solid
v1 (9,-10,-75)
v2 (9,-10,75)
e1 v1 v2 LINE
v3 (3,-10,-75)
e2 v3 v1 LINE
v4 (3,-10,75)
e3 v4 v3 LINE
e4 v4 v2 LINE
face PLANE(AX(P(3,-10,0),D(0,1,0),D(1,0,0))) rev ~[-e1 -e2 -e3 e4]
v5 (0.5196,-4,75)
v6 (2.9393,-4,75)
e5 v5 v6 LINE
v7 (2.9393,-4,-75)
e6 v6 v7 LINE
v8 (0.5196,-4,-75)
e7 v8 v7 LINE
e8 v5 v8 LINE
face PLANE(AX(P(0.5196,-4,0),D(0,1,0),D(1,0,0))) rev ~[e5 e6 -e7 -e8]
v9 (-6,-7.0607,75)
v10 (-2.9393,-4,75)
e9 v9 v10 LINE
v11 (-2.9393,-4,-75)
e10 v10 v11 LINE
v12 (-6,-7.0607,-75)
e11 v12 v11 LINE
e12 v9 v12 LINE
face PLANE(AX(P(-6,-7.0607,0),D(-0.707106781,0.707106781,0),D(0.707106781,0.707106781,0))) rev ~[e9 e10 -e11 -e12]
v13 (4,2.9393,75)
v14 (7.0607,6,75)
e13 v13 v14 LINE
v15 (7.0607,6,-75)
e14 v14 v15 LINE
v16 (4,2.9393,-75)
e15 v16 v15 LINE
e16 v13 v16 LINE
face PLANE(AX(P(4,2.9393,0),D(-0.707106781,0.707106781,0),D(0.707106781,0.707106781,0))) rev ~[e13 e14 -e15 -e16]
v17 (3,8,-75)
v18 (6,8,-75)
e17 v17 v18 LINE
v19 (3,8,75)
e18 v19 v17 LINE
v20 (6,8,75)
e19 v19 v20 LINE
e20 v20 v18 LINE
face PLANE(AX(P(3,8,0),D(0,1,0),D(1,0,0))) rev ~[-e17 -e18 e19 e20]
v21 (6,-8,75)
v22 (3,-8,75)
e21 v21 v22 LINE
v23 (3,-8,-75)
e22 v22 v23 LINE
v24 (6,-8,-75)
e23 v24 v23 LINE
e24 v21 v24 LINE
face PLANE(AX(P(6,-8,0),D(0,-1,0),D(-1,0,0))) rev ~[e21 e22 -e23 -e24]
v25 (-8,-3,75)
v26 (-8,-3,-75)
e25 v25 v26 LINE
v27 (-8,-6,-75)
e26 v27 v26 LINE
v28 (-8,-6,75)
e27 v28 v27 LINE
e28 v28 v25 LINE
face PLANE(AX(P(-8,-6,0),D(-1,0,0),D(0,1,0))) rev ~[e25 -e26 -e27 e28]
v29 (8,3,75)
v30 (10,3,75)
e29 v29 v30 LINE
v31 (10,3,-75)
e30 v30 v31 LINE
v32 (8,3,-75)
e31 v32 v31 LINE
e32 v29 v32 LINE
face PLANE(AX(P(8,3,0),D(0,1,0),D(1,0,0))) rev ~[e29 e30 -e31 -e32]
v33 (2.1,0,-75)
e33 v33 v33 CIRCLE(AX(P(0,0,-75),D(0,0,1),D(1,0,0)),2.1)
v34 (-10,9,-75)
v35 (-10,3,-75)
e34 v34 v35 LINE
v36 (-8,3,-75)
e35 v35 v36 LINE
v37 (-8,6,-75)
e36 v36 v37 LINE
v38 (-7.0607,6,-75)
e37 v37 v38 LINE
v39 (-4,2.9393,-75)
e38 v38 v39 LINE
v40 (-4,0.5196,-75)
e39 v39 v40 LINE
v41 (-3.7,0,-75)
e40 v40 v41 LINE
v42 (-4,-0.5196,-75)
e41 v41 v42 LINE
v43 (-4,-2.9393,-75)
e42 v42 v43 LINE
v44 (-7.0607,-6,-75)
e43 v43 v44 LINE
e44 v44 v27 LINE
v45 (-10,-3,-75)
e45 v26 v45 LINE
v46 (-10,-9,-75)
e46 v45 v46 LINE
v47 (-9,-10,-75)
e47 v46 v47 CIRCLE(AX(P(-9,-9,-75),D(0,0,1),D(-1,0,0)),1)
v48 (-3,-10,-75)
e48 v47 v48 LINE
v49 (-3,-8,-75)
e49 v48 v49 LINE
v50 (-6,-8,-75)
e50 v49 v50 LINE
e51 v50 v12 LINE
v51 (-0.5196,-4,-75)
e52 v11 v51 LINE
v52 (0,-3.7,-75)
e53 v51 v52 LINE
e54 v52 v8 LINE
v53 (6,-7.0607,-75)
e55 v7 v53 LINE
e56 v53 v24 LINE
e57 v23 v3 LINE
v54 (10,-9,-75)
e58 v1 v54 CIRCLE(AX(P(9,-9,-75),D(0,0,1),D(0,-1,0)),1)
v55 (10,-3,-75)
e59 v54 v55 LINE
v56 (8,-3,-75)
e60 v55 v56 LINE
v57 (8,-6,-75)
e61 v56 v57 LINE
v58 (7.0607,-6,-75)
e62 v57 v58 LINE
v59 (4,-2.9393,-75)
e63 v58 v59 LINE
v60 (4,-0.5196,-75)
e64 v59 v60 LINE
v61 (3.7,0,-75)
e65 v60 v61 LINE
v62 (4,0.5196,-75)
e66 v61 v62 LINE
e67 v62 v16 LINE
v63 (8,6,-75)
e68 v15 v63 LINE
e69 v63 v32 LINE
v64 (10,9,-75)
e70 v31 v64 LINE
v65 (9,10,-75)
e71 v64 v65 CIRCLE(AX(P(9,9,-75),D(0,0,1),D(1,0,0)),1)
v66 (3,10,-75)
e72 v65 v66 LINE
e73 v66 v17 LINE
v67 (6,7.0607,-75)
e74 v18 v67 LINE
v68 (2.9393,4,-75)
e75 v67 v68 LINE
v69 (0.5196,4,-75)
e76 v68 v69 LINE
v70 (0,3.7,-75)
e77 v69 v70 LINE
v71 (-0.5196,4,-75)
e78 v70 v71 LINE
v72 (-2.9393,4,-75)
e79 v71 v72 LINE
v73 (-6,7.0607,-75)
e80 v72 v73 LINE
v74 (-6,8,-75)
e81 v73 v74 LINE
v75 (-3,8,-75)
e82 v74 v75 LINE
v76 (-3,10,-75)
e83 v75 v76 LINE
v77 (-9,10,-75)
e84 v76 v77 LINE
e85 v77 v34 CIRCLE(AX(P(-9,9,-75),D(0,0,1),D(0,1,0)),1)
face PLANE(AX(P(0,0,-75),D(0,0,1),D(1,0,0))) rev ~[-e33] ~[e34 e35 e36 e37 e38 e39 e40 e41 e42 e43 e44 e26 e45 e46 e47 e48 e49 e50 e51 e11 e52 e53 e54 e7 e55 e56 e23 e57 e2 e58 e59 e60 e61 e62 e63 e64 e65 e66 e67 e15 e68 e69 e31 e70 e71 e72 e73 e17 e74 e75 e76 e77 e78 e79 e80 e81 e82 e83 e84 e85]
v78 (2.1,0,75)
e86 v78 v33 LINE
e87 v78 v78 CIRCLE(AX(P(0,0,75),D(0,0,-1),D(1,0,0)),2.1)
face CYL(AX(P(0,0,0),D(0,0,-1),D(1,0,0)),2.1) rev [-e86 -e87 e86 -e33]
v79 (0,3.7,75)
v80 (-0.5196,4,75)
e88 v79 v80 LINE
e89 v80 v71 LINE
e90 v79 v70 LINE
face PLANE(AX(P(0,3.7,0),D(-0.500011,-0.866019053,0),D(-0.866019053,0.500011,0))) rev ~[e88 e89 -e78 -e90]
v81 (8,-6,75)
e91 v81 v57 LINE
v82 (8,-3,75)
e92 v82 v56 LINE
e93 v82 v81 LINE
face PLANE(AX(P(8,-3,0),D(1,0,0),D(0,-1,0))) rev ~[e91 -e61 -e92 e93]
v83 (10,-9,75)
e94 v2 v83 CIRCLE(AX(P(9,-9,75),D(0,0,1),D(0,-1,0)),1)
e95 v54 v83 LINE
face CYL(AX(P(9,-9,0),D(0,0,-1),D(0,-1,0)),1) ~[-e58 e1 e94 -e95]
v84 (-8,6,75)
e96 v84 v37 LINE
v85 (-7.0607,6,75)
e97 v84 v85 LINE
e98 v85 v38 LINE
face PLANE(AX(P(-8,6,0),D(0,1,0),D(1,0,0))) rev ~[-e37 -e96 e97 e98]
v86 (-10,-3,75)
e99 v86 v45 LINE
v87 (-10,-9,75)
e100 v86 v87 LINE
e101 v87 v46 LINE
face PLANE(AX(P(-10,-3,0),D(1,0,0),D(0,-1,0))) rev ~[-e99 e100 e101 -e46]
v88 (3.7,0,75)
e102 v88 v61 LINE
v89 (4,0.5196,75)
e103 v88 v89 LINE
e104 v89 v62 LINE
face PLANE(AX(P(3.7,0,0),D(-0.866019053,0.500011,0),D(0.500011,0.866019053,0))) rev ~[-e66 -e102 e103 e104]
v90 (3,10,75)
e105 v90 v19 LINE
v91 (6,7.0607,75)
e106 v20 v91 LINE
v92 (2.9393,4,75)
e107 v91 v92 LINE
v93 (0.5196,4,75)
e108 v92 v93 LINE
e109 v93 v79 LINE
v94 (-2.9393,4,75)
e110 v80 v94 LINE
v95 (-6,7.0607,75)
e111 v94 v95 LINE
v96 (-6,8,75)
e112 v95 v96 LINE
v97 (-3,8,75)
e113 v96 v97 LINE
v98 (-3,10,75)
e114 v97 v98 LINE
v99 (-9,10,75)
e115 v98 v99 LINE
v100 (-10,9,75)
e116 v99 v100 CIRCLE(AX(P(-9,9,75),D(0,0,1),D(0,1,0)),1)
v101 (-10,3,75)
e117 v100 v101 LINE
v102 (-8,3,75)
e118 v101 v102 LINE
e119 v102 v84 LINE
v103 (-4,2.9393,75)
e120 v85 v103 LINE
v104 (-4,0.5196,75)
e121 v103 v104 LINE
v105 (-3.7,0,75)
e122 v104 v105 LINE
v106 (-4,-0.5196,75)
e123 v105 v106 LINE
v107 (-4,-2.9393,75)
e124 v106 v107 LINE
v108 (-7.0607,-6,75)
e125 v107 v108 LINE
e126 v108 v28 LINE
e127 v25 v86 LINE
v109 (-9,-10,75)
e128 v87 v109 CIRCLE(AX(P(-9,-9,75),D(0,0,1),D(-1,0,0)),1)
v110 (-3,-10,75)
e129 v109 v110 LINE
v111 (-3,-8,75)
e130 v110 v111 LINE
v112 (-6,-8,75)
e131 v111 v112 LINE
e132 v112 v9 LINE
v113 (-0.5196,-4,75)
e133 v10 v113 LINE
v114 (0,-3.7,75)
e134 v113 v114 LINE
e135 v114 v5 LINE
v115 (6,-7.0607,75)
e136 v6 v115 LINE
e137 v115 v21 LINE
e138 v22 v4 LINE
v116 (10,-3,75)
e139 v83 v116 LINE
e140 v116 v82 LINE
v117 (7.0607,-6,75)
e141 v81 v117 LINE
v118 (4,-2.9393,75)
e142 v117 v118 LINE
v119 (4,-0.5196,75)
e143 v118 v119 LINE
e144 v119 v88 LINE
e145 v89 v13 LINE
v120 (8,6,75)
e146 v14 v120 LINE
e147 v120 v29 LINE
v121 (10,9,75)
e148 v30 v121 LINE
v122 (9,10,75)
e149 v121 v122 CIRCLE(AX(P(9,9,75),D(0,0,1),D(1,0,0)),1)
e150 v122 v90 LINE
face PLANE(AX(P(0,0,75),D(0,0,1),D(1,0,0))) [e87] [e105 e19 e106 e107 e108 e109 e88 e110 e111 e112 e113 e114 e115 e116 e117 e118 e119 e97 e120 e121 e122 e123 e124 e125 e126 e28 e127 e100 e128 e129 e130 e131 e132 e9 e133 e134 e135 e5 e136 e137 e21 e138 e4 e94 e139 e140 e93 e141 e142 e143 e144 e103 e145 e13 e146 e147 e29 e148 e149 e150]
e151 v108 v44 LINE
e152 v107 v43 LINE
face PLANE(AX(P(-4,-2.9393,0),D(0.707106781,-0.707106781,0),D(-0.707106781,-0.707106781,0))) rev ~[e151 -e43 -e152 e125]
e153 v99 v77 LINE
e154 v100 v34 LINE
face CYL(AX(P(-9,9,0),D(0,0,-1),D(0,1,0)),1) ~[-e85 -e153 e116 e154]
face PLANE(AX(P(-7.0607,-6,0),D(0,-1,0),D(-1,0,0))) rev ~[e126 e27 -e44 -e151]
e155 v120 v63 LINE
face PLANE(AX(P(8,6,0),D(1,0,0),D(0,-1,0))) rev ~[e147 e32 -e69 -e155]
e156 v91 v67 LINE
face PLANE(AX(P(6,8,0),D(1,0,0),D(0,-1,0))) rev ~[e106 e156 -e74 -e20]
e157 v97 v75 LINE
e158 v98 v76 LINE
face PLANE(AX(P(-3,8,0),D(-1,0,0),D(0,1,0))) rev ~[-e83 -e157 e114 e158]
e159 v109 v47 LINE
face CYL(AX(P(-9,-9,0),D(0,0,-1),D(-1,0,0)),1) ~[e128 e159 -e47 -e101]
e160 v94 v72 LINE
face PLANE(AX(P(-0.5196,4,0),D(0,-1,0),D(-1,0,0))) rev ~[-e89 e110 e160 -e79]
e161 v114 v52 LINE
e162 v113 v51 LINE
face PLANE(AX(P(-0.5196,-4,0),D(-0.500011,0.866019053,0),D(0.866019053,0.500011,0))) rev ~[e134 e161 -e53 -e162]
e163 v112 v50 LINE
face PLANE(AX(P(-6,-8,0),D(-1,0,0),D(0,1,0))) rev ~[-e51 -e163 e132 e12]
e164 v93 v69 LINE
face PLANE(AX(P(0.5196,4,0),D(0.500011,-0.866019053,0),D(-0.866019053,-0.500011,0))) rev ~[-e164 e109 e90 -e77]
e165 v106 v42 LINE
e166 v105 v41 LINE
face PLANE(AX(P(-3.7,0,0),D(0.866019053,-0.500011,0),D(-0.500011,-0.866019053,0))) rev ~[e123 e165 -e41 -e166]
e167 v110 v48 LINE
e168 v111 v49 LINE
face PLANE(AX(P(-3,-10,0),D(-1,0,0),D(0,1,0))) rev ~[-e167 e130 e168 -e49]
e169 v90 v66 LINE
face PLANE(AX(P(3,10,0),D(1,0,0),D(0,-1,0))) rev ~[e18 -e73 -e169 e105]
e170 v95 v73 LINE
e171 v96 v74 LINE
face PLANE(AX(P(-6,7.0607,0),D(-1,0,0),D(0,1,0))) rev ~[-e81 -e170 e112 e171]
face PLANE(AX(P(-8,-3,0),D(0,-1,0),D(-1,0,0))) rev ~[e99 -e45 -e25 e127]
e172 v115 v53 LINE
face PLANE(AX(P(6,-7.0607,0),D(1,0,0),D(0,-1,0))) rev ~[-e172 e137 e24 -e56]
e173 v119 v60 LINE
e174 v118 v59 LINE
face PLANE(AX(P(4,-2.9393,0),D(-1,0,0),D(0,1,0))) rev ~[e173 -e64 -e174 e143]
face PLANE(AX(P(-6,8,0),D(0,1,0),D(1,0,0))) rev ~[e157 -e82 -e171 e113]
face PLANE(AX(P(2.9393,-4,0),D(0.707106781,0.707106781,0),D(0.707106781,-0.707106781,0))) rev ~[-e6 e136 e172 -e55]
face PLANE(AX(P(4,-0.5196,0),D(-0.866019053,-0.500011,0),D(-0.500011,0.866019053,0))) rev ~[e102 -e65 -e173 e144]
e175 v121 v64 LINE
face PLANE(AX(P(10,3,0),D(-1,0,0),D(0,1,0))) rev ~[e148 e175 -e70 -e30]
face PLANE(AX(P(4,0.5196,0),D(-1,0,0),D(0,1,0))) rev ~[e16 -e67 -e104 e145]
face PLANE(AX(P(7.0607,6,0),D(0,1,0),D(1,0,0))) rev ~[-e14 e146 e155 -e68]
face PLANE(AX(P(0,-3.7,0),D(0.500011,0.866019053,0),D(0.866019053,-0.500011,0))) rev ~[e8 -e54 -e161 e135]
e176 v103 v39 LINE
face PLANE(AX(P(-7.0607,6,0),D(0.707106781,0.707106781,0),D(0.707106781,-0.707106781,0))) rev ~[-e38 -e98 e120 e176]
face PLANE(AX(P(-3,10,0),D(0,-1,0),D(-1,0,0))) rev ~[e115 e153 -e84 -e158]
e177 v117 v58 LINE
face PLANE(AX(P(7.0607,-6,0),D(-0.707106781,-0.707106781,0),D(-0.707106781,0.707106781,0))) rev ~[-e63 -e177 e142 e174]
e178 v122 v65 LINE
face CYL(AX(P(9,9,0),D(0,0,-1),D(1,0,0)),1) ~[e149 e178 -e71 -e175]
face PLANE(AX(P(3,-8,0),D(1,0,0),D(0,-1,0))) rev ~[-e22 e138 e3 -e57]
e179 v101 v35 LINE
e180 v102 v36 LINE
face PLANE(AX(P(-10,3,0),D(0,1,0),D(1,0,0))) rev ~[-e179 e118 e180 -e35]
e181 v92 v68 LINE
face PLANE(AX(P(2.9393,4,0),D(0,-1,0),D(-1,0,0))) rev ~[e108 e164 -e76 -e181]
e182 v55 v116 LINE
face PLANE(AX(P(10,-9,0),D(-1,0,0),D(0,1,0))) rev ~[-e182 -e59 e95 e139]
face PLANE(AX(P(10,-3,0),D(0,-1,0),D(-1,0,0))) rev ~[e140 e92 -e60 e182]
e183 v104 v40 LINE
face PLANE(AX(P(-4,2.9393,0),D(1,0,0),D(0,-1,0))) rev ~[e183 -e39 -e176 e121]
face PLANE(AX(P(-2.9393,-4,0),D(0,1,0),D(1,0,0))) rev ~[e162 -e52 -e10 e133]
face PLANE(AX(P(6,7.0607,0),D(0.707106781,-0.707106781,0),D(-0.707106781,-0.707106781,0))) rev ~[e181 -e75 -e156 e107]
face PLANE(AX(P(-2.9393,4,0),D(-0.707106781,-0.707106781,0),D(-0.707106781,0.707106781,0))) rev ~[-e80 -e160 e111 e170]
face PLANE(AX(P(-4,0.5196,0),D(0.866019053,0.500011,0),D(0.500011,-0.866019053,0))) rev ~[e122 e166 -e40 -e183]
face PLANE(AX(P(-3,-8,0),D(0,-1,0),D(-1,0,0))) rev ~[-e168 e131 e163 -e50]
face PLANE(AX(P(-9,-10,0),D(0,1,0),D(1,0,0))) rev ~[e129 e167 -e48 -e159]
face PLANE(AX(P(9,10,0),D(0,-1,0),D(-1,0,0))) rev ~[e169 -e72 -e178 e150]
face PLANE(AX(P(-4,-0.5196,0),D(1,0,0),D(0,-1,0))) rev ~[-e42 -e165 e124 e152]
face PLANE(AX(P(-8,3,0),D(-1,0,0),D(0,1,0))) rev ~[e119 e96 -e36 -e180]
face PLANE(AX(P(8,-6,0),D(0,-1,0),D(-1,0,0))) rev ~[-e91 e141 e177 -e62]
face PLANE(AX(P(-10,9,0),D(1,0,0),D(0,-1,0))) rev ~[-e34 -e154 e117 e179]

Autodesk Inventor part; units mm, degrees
ref_plane "YZ Plane" through (0, 0, 0) normal (1, 0, 0) x (0, 1, 0)
ref_plane "XZ Plane" through (0, 0, 0) normal (0, 1, 0) x (-1, 0, 0)
ref_plane "XY Plane" through (0, 0, 0) normal (0, 0, 1) x (1, 0, 0)
sketch "Sketch1" plane through (0, 0, 0) normal (0, 0, 1) x (1, 0, 0)
  line L0 (-2.205, 0) -> (2.205, 0)
  line L1 (0, -2.205) -> (0, 2.205)
  arc A0 (9, -10) -> (10, -9) centre (9, -9) ccw
  line L2 (-10, 9) -> (-10, 3)
  line L3 (-10, 3) -> (-8, 3)
  line L4 (-8, 3) -> (-8, 6)
  line L5 (-8, 6) -> (-7.0607, 6)
  line L6 (-7.0607, 6) -> (-4, 2.9393)
  line L7 (-4, 2.9393) -> (-4, 0.5196)
  line L8 (-4, 0.5196) -> (-3.7, 0)
  line L9 (-3.7, 0) -> (-4, -0.5196)
  line L10 (-4, -0.5196) -> (-4, -2.9393)
  line L11 (-4, -2.9393) -> (-7.0607, -6)
  line L12 (-7.0607, -6) -> (-8, -6)
  line L13 (-8, -6) -> (-8, -3)
  line L14 (-8, -3) -> (-10, -3)
  line L15 (-10, -3) -> (-10, -9)
  arc A1 (-10, -9) -> (-9, -10) centre (-9, -9) ccw
  line L16 (-9, -10) -> (-3, -10)
  line L17 (-3, -10) -> (-3, -8)
  line L18 (-3, -8) -> (-6, -8)
  line L19 (-6, -7.0607) -> (-2.9393, -4)
  line L20 (-2.9393, -4) -> (-0.5196, -4)
  line L21 (-0.5196, -4) -> (0, -3.7)
  line L22 (0, -3.7) -> (0.5196, -4)
  line L23 (0.5196, -4) -> (2.9393, -4)
  line L24 (2.9393, -4) -> (6, -7.0607)
  line L25 (6, -7.0607) -> (6, -8)
  line L26 (6, -8) -> (3, -8)
  line L27 (3, -8) -> (3, -10)
  line L28 (3, -10) -> (9, -10)
  line L29 (10, -9) -> (10, -3)
  line L30 (10, -3) -> (8, -3)
  line L31 (8, -3) -> (8, -6)
  line L32 (8, -6) -> (7.0607, -6)
  line L33 (7.0607, -6) -> (4, -2.9393)
  line L34 (4, -2.9393) -> (4, -0.5196)
  line L35 (4, -0.5196) -> (3.7, 0)
  line L36 (3.7, 0) -> (4, 0.5196)
  line L37 (4, 0.5196) -> (4, 2.9393)
  line L38 (4, 2.9393) -> (7.0607, 6)
  line L39 (7.0607, 6) -> (8, 6)
  line L40 (8, 6) -> (8, 3)
  line L41 (8, 3) -> (10, 3)
  line L42 (10, 3) -> (10, 9)
  arc A2 (10, 9) -> (9, 10) centre (9, 9) ccw
  line L43 (9, 10) -> (3, 10)
  line L44 (3, 10) -> (3, 8)
  line L45 (3, 8) -> (6, 8)
  line L46 (6, 8) -> (6, 7.0607)
  line L47 (6, 7.0607) -> (2.9393, 4)
  line L48 (2.9393, 4) -> (0.5196, 4)
  line L49 (0.5196, 4) -> (0, 3.7)
  line L50 (0, 3.7) -> (-0.5196, 4)
  line L51 (-0.5196, 4) -> (-2.9393, 4)
  line L52 (-2.9393, 4) -> (-6, 7.0607)
  line L53 (-6, 7.0607) -> (-6, 8)
  line L54 (-6, 8) -> (-3, 8)
  line L55 (-3, 8) -> (-3, 10)
  line L56 (-3, 10) -> (-9, 10)
  arc A3 (-9, 10) -> (-10, 9) centre (-9, 9) ccw
  circle A4 centre (0, 0) radius 2.1
  line L57 (-6, -8) -> (-6, -7.0607)
extrude "Extrusion1" add sketch "Sketch1" along normal mid plane 150
equation "\"frameAcrylicThickness\" = 9.525"
equation "\"internalAcrylicThickness\" = 6.35"
equation "\"height\" = 127"
equation "\"width\" = 127"
equation "\"depth\" = 273.05"
equation "\"mirrorAngle\" = 5deg"
equation "\"detectorWidth\" = 52"
equation "\"detectorHeight\" = 52"
equation "\"mirrorThickness\" = 3.175"
equation "\"fresnelThickness\" = 0.1"
equation "\"focalLength\" = 76.2"
equation "\"ior\" = 1.49"
equation "\"centerThickness\" = 1.524"
equation "\"fresnelAngle\" = 90deg"
equation "\"fresnelEffectiveDiameter\" = 152.4"
equation "\"oRingWidth\" = 1.5875"
equation "\"sensorHolderDepth\" = 19.05"
equation "\"aerogelClearence\" = 3.175"
equation "\"backplanePCBWidth\" = 76.2"
equation "\"backplanePCBHeight\" = 76.2"
equation "\"backplaneHoleOffsett\" = 6.35"
equation "\"backplanePostionOffsett\" = 12.7"
equation "\"moduleSlotClearence\" = 0.79375"
properties part number "HFS5-2020" material "Aluminum 6061"
